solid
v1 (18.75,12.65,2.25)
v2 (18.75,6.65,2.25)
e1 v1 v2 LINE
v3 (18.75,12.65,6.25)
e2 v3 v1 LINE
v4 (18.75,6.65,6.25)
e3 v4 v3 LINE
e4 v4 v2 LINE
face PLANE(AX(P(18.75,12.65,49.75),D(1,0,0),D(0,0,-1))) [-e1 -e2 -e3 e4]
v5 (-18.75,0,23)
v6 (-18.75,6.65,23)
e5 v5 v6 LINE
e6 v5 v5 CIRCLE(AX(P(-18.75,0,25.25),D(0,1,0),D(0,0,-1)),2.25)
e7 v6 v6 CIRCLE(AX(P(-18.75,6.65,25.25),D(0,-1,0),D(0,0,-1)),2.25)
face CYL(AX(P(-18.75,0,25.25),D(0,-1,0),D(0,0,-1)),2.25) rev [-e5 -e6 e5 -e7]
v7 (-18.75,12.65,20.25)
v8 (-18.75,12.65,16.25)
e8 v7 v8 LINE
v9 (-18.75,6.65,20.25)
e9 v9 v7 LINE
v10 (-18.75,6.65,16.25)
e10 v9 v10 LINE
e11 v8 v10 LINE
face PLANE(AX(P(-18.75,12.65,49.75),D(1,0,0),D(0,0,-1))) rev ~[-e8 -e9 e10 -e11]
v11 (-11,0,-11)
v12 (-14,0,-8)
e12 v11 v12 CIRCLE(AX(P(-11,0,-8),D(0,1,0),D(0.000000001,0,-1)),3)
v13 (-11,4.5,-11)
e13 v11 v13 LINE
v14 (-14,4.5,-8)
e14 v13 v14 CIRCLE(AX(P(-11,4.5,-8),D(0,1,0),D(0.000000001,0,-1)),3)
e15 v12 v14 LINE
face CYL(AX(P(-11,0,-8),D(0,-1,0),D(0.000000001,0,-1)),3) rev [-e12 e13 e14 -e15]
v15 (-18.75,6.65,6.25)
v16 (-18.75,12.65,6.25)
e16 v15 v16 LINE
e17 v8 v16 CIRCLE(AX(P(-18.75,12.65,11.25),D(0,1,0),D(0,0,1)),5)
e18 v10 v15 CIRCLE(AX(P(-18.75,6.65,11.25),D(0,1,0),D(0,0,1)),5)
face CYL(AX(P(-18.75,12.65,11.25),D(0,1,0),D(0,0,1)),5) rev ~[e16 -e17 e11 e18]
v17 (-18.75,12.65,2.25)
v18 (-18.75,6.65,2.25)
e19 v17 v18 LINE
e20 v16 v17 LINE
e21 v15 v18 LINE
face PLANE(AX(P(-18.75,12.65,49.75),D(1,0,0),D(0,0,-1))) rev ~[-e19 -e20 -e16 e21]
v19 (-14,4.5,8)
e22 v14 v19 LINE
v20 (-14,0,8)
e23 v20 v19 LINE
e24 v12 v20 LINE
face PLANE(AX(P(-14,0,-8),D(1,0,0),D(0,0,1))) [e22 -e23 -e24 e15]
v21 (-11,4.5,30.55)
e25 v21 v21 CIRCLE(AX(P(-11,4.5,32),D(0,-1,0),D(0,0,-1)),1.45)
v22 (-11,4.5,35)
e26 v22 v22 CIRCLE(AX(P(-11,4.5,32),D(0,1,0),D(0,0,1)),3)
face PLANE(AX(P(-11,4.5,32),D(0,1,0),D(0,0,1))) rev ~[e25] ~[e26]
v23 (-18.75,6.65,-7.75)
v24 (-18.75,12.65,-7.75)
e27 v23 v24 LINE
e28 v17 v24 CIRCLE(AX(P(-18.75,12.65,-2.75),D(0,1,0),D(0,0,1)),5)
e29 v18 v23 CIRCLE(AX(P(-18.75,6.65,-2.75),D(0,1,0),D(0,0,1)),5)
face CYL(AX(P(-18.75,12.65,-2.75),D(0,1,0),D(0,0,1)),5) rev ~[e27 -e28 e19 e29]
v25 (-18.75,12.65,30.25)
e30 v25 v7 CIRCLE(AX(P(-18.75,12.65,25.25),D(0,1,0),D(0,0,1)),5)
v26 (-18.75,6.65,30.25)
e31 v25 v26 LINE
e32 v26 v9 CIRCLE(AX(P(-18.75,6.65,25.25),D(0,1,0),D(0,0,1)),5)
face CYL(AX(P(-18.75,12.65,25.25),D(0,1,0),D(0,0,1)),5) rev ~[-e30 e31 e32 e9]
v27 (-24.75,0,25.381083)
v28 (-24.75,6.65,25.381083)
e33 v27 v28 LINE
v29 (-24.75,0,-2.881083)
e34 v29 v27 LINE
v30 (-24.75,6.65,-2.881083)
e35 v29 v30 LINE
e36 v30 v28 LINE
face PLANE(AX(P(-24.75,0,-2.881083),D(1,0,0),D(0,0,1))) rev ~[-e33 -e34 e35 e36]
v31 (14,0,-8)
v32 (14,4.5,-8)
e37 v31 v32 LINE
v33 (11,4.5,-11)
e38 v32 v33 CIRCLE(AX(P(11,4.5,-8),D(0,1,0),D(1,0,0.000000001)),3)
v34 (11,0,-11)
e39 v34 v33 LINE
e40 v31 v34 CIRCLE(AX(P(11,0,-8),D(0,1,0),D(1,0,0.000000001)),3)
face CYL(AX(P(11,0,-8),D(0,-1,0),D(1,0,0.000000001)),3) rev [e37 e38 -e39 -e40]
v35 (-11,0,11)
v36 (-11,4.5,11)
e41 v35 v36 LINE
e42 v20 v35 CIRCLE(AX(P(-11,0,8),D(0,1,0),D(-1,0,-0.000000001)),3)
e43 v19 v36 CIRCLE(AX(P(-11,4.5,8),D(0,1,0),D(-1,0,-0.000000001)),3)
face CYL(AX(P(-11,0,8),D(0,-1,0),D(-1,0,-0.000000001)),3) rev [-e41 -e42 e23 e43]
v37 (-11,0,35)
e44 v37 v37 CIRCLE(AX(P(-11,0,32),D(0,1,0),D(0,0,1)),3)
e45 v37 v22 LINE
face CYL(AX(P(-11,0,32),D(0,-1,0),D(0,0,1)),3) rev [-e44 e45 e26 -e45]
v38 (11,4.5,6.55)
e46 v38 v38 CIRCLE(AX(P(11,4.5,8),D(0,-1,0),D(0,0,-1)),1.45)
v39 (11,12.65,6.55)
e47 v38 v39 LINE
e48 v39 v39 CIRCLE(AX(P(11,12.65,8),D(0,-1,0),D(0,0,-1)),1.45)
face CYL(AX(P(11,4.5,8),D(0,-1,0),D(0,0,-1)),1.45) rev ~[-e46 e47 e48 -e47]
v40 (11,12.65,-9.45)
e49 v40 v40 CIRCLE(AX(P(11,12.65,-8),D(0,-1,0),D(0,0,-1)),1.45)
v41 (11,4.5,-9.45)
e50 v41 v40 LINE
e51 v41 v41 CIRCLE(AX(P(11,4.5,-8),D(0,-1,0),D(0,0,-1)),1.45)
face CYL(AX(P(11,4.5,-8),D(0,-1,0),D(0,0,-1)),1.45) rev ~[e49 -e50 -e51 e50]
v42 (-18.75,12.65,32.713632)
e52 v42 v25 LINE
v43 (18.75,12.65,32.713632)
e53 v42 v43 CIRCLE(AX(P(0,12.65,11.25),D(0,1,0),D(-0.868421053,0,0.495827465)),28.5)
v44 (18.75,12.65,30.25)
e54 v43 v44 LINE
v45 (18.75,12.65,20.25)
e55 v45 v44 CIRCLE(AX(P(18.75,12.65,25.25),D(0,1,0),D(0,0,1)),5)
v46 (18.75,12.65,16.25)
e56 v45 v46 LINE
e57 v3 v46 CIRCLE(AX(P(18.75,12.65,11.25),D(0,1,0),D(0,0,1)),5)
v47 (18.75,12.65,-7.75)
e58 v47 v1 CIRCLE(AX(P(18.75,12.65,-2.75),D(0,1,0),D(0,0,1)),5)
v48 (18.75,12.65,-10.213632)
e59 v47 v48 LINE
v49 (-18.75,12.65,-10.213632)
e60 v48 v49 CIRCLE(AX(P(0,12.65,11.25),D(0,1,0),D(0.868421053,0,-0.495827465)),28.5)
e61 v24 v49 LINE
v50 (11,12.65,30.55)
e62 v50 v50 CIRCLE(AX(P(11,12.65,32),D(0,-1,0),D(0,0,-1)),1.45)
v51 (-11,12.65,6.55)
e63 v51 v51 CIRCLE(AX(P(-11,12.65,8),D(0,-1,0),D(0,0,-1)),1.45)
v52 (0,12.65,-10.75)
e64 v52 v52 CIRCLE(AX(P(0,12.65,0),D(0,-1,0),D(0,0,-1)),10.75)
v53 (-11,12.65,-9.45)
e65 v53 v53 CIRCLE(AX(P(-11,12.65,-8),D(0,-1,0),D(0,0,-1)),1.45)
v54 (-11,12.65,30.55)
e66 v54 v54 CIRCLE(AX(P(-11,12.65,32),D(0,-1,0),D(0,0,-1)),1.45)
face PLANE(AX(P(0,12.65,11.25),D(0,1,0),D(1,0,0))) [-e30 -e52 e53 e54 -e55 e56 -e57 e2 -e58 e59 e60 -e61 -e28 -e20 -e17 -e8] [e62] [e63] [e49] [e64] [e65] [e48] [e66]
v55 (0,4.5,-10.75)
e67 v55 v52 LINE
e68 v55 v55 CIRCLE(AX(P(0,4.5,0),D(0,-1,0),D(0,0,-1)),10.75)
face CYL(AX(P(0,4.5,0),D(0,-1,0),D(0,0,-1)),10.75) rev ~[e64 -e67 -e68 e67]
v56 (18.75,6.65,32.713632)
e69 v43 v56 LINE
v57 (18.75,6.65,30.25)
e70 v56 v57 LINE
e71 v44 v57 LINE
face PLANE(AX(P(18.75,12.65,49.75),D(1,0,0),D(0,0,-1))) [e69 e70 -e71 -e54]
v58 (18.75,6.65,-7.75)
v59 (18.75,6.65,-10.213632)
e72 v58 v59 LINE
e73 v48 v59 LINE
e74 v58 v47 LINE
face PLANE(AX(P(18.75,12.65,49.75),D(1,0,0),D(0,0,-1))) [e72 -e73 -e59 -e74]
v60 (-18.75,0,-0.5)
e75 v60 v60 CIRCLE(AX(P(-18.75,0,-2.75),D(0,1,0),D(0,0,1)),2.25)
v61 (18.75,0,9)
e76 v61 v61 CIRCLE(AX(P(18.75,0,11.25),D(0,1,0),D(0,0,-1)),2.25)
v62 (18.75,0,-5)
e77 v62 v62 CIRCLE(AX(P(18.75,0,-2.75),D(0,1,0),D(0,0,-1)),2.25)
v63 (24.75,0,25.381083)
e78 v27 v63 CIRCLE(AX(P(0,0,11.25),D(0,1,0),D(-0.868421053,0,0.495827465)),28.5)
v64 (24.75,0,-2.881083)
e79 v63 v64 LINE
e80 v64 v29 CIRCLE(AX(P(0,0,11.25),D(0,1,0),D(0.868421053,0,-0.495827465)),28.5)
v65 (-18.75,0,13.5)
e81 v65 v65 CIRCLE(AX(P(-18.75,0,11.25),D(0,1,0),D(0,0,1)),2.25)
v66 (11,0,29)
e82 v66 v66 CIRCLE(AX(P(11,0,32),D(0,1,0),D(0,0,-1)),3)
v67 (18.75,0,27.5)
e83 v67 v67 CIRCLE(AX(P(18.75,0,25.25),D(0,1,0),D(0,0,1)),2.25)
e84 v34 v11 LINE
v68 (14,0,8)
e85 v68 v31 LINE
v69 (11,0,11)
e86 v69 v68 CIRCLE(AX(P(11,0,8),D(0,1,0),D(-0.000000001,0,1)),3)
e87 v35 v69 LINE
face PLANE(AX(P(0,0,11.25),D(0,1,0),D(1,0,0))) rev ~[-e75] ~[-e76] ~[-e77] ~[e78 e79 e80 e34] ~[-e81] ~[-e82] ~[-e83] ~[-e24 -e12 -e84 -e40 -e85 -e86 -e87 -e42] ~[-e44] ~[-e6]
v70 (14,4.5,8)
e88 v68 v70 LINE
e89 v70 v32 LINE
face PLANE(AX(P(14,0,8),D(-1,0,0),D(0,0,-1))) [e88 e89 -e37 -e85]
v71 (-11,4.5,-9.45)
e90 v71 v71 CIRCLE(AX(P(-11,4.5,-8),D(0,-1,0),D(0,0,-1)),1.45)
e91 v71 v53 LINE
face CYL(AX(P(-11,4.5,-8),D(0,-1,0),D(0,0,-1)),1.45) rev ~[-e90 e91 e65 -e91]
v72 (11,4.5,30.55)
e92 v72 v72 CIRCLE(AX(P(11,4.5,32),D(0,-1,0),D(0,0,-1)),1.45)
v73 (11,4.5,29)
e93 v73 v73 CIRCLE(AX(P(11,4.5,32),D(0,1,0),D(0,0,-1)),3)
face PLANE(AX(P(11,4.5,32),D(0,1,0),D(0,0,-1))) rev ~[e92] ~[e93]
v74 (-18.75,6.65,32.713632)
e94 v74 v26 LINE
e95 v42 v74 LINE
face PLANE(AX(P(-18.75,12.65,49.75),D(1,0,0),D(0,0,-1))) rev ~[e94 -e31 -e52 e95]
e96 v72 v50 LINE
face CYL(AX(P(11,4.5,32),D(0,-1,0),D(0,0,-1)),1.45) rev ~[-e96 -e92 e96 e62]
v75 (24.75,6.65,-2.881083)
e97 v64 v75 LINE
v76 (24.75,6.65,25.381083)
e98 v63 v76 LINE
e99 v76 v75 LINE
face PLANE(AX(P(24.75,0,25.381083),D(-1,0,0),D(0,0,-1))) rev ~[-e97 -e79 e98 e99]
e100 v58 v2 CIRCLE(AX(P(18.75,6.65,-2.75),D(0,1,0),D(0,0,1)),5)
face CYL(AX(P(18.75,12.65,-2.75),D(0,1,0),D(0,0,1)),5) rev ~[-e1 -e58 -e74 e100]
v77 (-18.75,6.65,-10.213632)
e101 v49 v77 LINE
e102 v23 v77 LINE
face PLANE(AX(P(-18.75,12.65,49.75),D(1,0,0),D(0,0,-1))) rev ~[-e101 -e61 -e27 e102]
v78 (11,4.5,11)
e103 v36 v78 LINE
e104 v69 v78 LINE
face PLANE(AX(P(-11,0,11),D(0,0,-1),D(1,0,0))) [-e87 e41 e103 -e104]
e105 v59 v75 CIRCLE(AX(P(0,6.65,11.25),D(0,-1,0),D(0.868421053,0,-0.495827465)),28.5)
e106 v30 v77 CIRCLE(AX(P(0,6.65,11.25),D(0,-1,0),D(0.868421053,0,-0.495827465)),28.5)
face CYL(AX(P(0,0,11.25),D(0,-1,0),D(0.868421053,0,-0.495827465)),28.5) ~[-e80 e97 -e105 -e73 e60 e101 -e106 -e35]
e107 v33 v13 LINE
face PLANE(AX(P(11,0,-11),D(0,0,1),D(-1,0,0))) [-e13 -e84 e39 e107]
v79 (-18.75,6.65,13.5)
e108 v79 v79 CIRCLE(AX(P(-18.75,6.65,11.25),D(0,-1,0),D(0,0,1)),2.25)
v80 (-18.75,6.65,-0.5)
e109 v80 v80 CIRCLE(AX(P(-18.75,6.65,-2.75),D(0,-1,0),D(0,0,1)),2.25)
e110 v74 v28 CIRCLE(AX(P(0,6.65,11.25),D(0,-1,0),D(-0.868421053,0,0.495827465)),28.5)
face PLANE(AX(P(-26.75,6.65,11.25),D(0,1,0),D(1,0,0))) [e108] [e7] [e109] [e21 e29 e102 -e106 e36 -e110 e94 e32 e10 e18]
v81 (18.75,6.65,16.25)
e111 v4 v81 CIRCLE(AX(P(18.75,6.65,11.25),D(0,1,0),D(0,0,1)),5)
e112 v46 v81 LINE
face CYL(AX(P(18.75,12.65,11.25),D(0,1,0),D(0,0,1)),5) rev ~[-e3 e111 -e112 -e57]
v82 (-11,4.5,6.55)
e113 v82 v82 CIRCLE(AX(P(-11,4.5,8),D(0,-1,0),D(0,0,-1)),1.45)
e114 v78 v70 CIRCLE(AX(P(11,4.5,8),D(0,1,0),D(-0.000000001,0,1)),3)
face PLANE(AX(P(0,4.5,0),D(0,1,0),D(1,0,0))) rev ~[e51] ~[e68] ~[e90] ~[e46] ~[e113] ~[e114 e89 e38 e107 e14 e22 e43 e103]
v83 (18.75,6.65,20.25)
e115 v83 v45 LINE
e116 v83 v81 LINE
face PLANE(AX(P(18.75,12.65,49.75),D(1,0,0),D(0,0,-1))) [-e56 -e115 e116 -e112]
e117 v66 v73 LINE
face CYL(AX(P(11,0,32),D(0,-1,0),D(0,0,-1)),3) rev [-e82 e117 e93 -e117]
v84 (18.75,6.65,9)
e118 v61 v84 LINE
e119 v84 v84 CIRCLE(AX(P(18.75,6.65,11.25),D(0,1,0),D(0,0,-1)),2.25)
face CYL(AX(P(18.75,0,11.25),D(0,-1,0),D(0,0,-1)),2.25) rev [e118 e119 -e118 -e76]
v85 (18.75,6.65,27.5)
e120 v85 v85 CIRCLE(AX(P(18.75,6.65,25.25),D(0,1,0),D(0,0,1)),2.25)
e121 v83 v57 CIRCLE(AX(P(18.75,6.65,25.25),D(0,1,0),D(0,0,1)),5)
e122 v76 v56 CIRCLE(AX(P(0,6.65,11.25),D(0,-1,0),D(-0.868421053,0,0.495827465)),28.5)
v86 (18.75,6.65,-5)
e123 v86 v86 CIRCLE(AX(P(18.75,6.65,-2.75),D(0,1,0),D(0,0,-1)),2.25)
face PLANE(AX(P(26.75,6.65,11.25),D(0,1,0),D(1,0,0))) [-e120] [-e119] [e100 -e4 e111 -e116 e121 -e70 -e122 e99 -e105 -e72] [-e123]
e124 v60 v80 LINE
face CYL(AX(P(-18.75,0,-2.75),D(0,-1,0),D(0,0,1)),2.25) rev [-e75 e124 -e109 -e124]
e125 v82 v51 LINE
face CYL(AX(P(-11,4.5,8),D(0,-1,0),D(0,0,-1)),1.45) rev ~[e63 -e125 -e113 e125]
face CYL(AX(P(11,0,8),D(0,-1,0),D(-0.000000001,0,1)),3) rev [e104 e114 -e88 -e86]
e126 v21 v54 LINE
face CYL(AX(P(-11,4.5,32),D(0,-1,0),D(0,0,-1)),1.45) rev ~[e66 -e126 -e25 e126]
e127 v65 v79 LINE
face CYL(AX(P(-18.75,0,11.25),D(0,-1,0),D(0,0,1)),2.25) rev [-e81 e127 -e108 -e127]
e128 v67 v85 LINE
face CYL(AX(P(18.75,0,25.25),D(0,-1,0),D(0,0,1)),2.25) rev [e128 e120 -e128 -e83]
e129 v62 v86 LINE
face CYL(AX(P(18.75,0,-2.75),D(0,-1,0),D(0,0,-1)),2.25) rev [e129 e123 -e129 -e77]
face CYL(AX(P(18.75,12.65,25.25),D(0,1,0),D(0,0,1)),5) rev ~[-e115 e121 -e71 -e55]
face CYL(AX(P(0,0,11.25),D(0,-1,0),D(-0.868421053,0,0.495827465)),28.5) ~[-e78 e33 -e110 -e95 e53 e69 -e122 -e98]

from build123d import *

# Parameters (mm, degrees)
SCHIZZO3_R                   = 2.25
ESTRUSIONE_ESTRUSIONE1_DEPTH = 12.65
SCHIZZO1_R                   = 3
TAGLIO_ESTRUSIONE1_DEPTH     = 4.5
SCHIZZO4_R                   = 10.75
SCHIZZO4_R_2                 = 1.45
TAGLIO_ESTRUSIONE2_DEPTH     = 48.529438246
SCHIZZO6_R                   = 5
TAGLIO_ESTRUSIONE3_DEPTH     = 6
SCHIZZO7_W                   = 16
SCHIZZO7_H                   = 77
TAGLIO_ESTRUSIONE4_DEPTH     = 6


with BuildPart() as part:
    # Schizzo3 → Estrusione-Estrusione1 (new body)
    with BuildSketch(Plane(origin=(0, 0, 0), x_dir=(1, 0, 0), z_dir=(0, 1, 0))):
        with BuildLine():
            Line((-24.75, 2.881082761), (-24.75, -25.381082761))
            ThreePointArc((-24.75, -25.381082761), (0, -39.75), (24.75, -25.381082761))
            Line((24.75, -25.381082761), (24.75, 2.881082761))
            ThreePointArc((24.75, 2.881082761), (0, 17.25), (-24.75, 2.881082761))
        make_face()
        with Locations(Location((-18.75, 2.75, 0), (0, 0, 270))):
            Circle(SCHIZZO3_R, mode=Mode.SUBTRACT)
        with Locations(Location((18.75, 2.75, 0), (0, 0, 90))):
            Circle(SCHIZZO3_R, mode=Mode.SUBTRACT)
        with Locations(Location((18.75, -25.25, 0), (0, 0, 270))):
            Circle(SCHIZZO3_R, mode=Mode.SUBTRACT)
        with Locations(Location((-18.75, -25.25, 0), (0, 0, 90))):
            Circle(SCHIZZO3_R, mode=Mode.SUBTRACT)
        with Locations(Location((-18.75, -11.25, 0), (0, 0, 270))):
            Circle(SCHIZZO3_R, mode=Mode.SUBTRACT)
        with Locations(Location((18.75, -11.25, 0), (0, 0, 90))):
            Circle(SCHIZZO3_R, mode=Mode.SUBTRACT)
    extrude(amount=ESTRUSIONE_ESTRUSIONE1_DEPTH)

    # Schizzo1 → Taglio-Estrusione1 (cut)
    with BuildSketch(Plane(origin=(0, 0, 0), x_dir=(1, 0, 0), z_dir=(0, 1, 0))):
        with Locations(Location((-11, -32, 0), (0, 0, 270))):
            Circle(SCHIZZO1_R)
        with Locations(Location((11, -32, 0), (0, 0, 90))):
            Circle(SCHIZZO1_R)
        with BuildLine():
            Line((-14, 8), (-14, -8))
            ThreePointArc((-14, -8), (-13.121320344, -10.121320344), (-11, -11))
            Line((-11, -11), (0, -11))
            Line((0, -11), (11, -11))
            ThreePointArc((11, -11), (13.121320344, -10.121320344), (14, -8))
            Line((14, -8), (14, 8))
            ThreePointArc((14, 8), (13.121320344, 10.121320344), (11, 11))
            Line((11, 11), (0, 11))
            Line((0, 11), (-11, 11))
            ThreePointArc((-11, 11), (-13.121320344, 10.121320344), (-14, 8))
        make_face()
    extrude(amount=TAGLIO_ESTRUSIONE1_DEPTH, mode=Mode.SUBTRACT)

    # Schizzo4 → Taglio-Estrusione2 (cut, through all)
    with BuildSketch(Plane.XZ.offset(-4.5)):
        with Locations(Location((0, 0, 0), (0, 0, 270))):
            Circle(SCHIZZO4_R)
        with Locations(Location((-11, 8, 0), (0, 0, 270))):
            Circle(SCHIZZO4_R_2)
        with Locations(Location((-11, -8, 0), (0, 0, 270))):
            Circle(SCHIZZO4_R_2)
        with Locations(Location((11, -8, 0), (0, 0, 270))):
            Circle(SCHIZZO4_R_2)
        with Locations(Location((11, 8, 0), (0, 0, 270))):
            Circle(SCHIZZO4_R_2)
        with Locations(Location((-11, 32, 0), (0, 0, 270))):
            Circle(SCHIZZO4_R_2)
        with Locations(Location((11, 32, 0), (0, 0, 270))):
            Circle(SCHIZZO4_R_2)
    extrude(amount=-TAGLIO_ESTRUSIONE2_DEPTH, mode=Mode.SUBTRACT)

    # Schizzo6 → Taglio-Estrusione3 (cut)
    with BuildSketch(Plane(origin=(0, 12.65, 0), x_dir=(1, 0, 0), z_dir=(0, 1, 0))):
        with Locations(Location((-18.75, 2.75, 0), (0, 0, 270))):
            Circle(SCHIZZO6_R)
        with Locations(Location((-18.75, -11.25, 0), (0, 0, 270))):
            Circle(SCHIZZO6_R)
        with Locations(Location((-18.75, -25.25, 0), (0, 0, 270))):
            Circle(SCHIZZO6_R)
        with Locations(Location((18.75, -25.25, 0), (0, 0, 270))):
            Circle(SCHIZZO6_R)
        with Locations(Location((18.75, -11.25, 0), (0, 0, 270))):
            Circle(SCHIZZO6_R)
        with Locations(Location((18.75, 2.75, 0), (0, 0, 270))):
            Circle(SCHIZZO6_R)
    extrude(amount=-TAGLIO_ESTRUSIONE3_DEPTH, mode=Mode.SUBTRACT)

    # Schizzo7 → Taglio-Estrusione4 (cut)
    with BuildSketch(Plane(origin=(0, 12.65, 0), x_dir=(1, 0, 0), z_dir=(0, 1, 0))):
        with Locations((-26.75, -11.25)):
            Rectangle(SCHIZZO7_W, SCHIZZO7_H)
        with Locations((26.75, -11.25)):
            Rectangle(SCHIZZO7_W, SCHIZZO7_H)
    extrude(amount=-TAGLIO_ESTRUSIONE4_DEPTH, mode=Mode.SUBTRACT)


solid = part.part
